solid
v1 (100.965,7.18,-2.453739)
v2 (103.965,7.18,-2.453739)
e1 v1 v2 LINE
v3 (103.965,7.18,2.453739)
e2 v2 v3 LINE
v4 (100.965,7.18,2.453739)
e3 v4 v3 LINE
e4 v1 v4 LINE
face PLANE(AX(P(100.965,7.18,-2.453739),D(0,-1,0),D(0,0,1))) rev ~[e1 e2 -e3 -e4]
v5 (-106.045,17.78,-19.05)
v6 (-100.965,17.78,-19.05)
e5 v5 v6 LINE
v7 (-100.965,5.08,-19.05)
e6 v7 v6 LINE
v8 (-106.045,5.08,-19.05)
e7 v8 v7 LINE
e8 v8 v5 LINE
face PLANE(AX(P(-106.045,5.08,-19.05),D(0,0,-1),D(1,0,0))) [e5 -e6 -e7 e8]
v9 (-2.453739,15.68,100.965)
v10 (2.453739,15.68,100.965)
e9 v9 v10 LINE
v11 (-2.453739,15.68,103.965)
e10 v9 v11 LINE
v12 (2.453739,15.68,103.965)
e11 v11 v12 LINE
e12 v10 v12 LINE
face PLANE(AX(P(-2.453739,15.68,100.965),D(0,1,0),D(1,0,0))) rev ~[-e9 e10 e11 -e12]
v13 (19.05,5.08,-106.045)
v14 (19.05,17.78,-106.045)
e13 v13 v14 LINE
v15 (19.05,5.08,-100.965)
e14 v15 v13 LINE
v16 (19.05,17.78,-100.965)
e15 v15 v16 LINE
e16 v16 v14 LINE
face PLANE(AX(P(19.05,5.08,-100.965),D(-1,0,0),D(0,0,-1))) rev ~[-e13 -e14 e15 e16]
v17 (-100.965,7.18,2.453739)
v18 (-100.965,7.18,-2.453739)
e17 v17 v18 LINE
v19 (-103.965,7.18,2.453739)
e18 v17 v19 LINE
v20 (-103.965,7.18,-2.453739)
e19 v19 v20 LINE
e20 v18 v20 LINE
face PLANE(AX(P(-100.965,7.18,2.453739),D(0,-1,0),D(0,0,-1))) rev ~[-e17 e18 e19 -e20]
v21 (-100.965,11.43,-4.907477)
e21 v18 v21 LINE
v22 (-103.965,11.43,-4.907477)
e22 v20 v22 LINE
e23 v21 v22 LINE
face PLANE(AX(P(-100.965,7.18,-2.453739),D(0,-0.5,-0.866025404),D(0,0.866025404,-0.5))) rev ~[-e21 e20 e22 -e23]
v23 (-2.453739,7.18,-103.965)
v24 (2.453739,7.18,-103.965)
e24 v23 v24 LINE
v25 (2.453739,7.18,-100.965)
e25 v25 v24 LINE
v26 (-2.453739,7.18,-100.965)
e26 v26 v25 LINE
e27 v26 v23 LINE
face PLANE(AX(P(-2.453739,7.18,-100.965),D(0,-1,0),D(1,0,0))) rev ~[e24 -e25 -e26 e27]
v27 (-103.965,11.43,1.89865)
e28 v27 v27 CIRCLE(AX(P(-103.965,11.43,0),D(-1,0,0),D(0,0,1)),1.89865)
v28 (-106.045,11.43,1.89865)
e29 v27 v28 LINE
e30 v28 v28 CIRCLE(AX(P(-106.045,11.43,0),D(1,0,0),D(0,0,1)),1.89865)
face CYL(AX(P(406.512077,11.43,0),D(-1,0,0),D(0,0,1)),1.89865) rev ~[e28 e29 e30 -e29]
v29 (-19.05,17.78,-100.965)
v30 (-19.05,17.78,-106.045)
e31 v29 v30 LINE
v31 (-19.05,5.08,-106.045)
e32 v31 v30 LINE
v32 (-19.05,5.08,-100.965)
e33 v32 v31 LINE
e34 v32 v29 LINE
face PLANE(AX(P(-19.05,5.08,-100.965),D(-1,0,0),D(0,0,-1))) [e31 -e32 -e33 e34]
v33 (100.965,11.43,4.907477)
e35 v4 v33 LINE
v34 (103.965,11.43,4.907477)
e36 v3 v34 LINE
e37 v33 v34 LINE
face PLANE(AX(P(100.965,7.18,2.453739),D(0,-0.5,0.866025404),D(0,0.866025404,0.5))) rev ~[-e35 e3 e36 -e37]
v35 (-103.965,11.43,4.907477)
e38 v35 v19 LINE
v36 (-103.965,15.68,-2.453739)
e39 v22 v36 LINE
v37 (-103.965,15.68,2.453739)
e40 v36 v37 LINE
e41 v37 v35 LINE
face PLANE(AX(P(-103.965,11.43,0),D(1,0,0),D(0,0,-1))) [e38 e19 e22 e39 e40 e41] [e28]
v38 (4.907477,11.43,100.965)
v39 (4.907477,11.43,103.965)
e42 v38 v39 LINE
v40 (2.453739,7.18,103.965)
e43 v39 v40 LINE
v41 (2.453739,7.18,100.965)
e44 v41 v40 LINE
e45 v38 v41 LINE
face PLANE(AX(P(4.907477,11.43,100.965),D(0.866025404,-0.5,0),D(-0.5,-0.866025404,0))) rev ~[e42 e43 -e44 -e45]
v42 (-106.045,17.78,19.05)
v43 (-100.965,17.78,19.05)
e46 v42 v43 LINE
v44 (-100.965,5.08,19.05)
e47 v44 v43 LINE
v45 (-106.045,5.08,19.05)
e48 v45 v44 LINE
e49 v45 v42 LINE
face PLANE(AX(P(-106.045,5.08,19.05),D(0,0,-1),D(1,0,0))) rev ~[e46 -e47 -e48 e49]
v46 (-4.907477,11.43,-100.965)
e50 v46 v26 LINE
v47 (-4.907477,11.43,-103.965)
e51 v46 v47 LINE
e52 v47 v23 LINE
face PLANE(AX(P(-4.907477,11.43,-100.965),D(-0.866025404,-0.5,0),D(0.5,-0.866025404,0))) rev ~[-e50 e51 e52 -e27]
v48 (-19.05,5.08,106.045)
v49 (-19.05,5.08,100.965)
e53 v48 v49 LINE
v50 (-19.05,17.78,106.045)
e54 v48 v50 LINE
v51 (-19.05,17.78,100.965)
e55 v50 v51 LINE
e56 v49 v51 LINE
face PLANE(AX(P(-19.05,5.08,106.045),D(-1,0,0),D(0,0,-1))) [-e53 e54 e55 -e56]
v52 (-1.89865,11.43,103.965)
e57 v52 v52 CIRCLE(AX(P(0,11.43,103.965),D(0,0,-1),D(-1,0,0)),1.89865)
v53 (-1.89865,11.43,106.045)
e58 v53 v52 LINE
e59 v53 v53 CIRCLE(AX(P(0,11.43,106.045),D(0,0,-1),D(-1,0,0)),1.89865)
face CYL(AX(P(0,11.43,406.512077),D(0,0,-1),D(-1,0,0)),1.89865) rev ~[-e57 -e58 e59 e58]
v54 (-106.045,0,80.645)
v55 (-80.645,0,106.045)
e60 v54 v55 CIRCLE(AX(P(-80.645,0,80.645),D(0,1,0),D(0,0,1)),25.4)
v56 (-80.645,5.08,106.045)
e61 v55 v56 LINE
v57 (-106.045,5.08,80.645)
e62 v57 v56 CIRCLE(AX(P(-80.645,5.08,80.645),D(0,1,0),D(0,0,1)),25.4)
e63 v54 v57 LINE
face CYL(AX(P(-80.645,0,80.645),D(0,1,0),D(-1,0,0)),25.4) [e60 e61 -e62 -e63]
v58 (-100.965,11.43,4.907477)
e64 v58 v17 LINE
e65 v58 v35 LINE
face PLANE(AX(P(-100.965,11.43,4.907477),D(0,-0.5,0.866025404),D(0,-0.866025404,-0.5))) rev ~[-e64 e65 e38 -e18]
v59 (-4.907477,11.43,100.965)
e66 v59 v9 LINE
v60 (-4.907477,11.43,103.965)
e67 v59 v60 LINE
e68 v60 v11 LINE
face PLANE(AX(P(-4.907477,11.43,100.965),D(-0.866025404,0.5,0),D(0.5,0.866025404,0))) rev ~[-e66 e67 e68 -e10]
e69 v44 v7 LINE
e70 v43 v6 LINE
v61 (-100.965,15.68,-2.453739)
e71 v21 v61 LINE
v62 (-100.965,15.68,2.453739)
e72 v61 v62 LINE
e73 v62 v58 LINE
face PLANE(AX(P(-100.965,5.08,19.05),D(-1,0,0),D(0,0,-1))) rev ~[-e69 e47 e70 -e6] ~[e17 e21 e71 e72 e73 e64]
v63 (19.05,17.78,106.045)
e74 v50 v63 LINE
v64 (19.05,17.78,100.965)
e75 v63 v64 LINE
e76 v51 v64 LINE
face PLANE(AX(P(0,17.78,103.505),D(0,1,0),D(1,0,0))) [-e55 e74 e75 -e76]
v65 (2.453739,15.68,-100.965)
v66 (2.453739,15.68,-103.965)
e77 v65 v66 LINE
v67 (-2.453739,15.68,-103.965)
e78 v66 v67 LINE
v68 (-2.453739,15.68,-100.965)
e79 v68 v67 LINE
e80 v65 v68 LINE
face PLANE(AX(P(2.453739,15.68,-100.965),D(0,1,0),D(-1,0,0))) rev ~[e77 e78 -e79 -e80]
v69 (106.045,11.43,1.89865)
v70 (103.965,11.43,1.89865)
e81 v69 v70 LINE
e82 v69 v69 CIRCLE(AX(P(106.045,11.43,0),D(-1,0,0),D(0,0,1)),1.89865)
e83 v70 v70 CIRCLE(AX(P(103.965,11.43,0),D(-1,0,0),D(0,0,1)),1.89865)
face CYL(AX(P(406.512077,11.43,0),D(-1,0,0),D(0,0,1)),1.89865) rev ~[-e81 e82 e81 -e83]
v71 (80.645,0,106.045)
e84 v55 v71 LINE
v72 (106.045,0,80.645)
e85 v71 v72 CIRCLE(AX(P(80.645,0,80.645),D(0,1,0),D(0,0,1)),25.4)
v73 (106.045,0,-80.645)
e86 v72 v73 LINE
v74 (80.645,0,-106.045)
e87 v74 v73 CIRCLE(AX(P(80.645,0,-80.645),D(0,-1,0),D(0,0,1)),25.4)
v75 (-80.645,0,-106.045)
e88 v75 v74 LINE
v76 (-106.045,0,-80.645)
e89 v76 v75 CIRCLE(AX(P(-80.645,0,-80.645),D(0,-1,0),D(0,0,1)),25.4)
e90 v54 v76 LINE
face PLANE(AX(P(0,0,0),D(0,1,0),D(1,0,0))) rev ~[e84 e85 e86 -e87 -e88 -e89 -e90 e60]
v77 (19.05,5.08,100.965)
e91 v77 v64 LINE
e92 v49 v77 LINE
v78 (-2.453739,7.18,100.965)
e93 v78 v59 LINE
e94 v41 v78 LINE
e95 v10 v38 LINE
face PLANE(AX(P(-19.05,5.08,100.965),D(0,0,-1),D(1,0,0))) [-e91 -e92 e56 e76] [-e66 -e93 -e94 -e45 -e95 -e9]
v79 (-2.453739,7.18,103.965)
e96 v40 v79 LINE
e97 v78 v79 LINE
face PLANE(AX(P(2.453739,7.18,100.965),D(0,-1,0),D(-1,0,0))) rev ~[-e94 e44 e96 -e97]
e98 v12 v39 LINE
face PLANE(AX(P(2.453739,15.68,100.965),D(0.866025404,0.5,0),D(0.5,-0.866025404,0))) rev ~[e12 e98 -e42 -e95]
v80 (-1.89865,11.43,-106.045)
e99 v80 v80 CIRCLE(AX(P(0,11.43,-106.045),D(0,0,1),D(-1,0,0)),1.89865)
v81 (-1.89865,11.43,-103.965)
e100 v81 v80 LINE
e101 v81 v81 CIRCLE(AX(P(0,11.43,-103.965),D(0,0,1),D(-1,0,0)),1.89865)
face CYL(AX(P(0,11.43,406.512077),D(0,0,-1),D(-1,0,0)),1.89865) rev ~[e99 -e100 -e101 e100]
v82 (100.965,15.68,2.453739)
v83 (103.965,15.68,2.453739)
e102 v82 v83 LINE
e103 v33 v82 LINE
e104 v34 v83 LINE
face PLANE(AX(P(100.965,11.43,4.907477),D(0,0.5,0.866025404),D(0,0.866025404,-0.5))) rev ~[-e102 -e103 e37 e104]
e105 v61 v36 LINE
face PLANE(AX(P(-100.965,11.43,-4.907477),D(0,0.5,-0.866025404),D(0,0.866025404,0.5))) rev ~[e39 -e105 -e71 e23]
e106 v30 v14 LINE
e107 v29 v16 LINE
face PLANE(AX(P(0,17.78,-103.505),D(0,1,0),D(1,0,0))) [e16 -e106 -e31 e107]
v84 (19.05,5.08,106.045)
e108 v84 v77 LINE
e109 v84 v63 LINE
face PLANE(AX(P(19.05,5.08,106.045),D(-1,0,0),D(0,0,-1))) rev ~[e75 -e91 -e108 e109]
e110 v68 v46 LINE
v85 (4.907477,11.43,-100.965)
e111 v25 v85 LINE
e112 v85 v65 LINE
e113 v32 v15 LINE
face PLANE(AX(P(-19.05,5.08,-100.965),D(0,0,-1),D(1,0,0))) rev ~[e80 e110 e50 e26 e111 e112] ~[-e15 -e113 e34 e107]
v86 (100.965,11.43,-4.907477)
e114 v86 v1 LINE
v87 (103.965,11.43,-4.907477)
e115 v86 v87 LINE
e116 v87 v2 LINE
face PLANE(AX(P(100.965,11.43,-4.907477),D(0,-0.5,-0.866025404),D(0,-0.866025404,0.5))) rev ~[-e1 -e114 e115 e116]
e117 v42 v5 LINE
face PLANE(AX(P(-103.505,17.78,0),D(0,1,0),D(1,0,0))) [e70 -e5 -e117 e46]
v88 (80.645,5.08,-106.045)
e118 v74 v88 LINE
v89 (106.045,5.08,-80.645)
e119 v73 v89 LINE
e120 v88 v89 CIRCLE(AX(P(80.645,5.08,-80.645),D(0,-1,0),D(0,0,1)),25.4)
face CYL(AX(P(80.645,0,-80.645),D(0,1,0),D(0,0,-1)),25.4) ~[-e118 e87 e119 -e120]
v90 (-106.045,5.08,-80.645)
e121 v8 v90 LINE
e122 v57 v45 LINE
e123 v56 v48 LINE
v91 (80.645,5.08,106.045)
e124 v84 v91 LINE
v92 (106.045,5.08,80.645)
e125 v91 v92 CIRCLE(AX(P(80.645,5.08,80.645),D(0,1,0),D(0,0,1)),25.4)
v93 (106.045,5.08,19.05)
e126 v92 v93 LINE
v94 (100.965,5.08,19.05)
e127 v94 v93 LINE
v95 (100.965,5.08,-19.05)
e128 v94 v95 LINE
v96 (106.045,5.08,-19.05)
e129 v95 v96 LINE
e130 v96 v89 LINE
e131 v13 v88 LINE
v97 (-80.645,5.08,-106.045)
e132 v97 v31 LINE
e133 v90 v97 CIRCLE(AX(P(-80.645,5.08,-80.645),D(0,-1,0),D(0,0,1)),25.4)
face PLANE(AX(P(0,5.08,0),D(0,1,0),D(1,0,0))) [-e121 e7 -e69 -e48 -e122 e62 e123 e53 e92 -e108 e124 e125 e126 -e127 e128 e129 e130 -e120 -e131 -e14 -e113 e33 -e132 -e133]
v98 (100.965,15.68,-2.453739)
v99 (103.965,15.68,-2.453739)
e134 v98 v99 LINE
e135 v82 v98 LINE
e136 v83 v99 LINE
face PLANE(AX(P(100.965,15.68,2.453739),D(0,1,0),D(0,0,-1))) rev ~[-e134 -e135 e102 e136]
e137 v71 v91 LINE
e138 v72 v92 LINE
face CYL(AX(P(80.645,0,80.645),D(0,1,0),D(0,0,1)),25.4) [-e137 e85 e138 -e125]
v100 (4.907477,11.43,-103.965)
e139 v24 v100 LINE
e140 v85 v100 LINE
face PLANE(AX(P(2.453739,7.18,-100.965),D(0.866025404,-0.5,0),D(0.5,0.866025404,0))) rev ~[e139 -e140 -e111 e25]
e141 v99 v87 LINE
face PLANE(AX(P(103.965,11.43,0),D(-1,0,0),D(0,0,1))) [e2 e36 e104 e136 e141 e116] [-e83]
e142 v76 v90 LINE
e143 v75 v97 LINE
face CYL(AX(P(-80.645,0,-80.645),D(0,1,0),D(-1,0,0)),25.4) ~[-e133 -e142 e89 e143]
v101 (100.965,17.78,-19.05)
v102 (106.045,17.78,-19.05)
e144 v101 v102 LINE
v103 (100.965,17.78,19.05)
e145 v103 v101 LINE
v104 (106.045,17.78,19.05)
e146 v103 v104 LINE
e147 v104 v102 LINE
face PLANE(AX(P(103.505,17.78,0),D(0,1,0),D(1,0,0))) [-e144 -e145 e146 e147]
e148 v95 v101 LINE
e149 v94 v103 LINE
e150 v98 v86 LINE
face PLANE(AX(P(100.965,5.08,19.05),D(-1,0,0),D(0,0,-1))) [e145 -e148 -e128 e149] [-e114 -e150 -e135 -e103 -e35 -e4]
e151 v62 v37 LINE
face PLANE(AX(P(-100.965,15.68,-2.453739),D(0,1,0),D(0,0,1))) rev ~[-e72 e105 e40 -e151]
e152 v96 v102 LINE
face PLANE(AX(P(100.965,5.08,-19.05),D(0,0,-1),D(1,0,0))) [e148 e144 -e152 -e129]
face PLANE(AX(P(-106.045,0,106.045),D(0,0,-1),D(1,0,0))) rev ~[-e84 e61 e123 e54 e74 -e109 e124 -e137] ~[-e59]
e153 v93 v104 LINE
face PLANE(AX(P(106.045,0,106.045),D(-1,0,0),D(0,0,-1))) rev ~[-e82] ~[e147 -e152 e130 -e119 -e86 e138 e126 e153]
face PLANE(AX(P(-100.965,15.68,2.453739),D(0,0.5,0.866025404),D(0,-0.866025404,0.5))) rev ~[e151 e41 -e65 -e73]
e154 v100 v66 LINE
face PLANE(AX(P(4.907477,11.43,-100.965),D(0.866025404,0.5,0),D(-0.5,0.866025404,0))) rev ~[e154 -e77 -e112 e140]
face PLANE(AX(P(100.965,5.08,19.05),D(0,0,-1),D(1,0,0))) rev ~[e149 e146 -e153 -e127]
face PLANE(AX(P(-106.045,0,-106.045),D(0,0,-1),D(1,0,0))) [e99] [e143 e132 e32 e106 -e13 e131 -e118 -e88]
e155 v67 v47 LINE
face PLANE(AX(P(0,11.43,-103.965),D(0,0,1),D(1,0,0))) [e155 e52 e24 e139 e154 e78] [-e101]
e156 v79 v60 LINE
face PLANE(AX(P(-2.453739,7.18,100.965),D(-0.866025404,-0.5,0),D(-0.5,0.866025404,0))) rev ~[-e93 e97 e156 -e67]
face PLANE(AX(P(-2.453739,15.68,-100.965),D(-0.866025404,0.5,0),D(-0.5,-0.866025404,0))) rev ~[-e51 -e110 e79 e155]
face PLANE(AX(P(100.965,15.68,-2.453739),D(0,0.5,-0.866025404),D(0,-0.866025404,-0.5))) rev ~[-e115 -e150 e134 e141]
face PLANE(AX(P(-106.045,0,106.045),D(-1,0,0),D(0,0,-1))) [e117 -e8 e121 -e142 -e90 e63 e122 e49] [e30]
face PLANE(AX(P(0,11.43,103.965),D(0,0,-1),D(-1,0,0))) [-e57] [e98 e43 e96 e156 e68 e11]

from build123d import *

# Parameters (mm, degrees)
ESQUISSE1_W                  = 212.09
ESQUISSE1_H                  = 212.09
BOSS_EXTRU_1_DEPTH           = 5.08
ESQUISSE2_W                  = 38.1
ESQUISSE2_H                  = 5.08
ESQUISSE2_W_2                = 5.08
ESQUISSE2_H_2                = 38.1
BOSS_EXTRU_2_DEPTH           = 12.7
CONG_1_R                     = 25.4
D_GAGEMENT_61_D              = 3.7973
ENL_V_MAT_EXTRU_1_DEPTH      = 3
R_P_TITION_CIRCULAIRE1_COUNT = 4


with BuildPart() as part:
    # Esquisse1 → Boss.-Extru.1 (new body)
    with BuildSketch(Plane(origin=(0, 0, 0), x_dir=(1, 0, 0), z_dir=(0, 1, 0))):
        Rectangle(ESQUISSE1_W, ESQUISSE1_H)
    extrude(amount=BOSS_EXTRU_1_DEPTH)

    # Esquisse2 → Boss.-Extru.2 (add)
    with BuildSketch(Plane(origin=(0, 5.08, 0), x_dir=(1, 0, 0), z_dir=(0, 1, 0))):
        with Locations((0, -103.505)):
            Rectangle(ESQUISSE2_W, ESQUISSE2_H)
        with Locations((-103.505, 0)):
            Rectangle(ESQUISSE2_W_2, ESQUISSE2_H_2)
        with Locations((0, 103.505)):
            Rectangle(ESQUISSE2_W, ESQUISSE2_H)
        with Locations((103.505, 0)):
            Rectangle(ESQUISSE2_W_2, ESQUISSE2_H_2)
    extrude(amount=BOSS_EXTRU_2_DEPTH)

    # Congé1
    cong_1_edges = [part.edges().sort_by_distance(p)[0] for p in [
        (-106.045, 2.54, -106.045),
        (106.045, 2.54, -106.045),
        (106.045, 2.54, 106.045),
        (-106.045, 2.54, 106.045),
    ]]
    fillet(cong_1_edges, radius=CONG_1_R)

    # Dégagement #61 (through all)
    with Locations(Plane.XY.offset(106.045)):
        with Locations((0, 11.43)):
            d_gagement_61 = Hole(D_GAGEMENT_61_D / 2)

    # Esquisse5 → Enlèv. mat.-Extru.1 (cut)
    with BuildSketch(Plane.XY.offset(-100.965)):
        Polygon((2.453738644, 15.68), (-2.453738644, 15.68), (-4.907477288, 11.43), (-2.453738644, 7.18), (2.453738644, 7.18), (4.907477288, 11.43), align=None)
    enl_v_mat_extru_1 = extrude(amount=-ENL_V_MAT_EXTRU_1_DEPTH, mode=Mode.SUBTRACT)

    # Répétition circulaire1: Dégagement #61, Enlèv. mat.-Extru.1 ×4 about axis
    r_p_tition_circulaire1_axis = Axis((0, 0, 0), (0, 1, 0))
    add([d_gagement_61.rotate(r_p_tition_circulaire1_axis, i * 360 / R_P_TITION_CIRCULAIRE1_COUNT) for i in range(1, R_P_TITION_CIRCULAIRE1_COUNT)], mode=Mode.SUBTRACT)
    add([enl_v_mat_extru_1.rotate(r_p_tition_circulaire1_axis, i * 360 / R_P_TITION_CIRCULAIRE1_COUNT) for i in range(1, R_P_TITION_CIRCULAIRE1_COUNT)], mode=Mode.SUBTRACT)


solid = part.part
